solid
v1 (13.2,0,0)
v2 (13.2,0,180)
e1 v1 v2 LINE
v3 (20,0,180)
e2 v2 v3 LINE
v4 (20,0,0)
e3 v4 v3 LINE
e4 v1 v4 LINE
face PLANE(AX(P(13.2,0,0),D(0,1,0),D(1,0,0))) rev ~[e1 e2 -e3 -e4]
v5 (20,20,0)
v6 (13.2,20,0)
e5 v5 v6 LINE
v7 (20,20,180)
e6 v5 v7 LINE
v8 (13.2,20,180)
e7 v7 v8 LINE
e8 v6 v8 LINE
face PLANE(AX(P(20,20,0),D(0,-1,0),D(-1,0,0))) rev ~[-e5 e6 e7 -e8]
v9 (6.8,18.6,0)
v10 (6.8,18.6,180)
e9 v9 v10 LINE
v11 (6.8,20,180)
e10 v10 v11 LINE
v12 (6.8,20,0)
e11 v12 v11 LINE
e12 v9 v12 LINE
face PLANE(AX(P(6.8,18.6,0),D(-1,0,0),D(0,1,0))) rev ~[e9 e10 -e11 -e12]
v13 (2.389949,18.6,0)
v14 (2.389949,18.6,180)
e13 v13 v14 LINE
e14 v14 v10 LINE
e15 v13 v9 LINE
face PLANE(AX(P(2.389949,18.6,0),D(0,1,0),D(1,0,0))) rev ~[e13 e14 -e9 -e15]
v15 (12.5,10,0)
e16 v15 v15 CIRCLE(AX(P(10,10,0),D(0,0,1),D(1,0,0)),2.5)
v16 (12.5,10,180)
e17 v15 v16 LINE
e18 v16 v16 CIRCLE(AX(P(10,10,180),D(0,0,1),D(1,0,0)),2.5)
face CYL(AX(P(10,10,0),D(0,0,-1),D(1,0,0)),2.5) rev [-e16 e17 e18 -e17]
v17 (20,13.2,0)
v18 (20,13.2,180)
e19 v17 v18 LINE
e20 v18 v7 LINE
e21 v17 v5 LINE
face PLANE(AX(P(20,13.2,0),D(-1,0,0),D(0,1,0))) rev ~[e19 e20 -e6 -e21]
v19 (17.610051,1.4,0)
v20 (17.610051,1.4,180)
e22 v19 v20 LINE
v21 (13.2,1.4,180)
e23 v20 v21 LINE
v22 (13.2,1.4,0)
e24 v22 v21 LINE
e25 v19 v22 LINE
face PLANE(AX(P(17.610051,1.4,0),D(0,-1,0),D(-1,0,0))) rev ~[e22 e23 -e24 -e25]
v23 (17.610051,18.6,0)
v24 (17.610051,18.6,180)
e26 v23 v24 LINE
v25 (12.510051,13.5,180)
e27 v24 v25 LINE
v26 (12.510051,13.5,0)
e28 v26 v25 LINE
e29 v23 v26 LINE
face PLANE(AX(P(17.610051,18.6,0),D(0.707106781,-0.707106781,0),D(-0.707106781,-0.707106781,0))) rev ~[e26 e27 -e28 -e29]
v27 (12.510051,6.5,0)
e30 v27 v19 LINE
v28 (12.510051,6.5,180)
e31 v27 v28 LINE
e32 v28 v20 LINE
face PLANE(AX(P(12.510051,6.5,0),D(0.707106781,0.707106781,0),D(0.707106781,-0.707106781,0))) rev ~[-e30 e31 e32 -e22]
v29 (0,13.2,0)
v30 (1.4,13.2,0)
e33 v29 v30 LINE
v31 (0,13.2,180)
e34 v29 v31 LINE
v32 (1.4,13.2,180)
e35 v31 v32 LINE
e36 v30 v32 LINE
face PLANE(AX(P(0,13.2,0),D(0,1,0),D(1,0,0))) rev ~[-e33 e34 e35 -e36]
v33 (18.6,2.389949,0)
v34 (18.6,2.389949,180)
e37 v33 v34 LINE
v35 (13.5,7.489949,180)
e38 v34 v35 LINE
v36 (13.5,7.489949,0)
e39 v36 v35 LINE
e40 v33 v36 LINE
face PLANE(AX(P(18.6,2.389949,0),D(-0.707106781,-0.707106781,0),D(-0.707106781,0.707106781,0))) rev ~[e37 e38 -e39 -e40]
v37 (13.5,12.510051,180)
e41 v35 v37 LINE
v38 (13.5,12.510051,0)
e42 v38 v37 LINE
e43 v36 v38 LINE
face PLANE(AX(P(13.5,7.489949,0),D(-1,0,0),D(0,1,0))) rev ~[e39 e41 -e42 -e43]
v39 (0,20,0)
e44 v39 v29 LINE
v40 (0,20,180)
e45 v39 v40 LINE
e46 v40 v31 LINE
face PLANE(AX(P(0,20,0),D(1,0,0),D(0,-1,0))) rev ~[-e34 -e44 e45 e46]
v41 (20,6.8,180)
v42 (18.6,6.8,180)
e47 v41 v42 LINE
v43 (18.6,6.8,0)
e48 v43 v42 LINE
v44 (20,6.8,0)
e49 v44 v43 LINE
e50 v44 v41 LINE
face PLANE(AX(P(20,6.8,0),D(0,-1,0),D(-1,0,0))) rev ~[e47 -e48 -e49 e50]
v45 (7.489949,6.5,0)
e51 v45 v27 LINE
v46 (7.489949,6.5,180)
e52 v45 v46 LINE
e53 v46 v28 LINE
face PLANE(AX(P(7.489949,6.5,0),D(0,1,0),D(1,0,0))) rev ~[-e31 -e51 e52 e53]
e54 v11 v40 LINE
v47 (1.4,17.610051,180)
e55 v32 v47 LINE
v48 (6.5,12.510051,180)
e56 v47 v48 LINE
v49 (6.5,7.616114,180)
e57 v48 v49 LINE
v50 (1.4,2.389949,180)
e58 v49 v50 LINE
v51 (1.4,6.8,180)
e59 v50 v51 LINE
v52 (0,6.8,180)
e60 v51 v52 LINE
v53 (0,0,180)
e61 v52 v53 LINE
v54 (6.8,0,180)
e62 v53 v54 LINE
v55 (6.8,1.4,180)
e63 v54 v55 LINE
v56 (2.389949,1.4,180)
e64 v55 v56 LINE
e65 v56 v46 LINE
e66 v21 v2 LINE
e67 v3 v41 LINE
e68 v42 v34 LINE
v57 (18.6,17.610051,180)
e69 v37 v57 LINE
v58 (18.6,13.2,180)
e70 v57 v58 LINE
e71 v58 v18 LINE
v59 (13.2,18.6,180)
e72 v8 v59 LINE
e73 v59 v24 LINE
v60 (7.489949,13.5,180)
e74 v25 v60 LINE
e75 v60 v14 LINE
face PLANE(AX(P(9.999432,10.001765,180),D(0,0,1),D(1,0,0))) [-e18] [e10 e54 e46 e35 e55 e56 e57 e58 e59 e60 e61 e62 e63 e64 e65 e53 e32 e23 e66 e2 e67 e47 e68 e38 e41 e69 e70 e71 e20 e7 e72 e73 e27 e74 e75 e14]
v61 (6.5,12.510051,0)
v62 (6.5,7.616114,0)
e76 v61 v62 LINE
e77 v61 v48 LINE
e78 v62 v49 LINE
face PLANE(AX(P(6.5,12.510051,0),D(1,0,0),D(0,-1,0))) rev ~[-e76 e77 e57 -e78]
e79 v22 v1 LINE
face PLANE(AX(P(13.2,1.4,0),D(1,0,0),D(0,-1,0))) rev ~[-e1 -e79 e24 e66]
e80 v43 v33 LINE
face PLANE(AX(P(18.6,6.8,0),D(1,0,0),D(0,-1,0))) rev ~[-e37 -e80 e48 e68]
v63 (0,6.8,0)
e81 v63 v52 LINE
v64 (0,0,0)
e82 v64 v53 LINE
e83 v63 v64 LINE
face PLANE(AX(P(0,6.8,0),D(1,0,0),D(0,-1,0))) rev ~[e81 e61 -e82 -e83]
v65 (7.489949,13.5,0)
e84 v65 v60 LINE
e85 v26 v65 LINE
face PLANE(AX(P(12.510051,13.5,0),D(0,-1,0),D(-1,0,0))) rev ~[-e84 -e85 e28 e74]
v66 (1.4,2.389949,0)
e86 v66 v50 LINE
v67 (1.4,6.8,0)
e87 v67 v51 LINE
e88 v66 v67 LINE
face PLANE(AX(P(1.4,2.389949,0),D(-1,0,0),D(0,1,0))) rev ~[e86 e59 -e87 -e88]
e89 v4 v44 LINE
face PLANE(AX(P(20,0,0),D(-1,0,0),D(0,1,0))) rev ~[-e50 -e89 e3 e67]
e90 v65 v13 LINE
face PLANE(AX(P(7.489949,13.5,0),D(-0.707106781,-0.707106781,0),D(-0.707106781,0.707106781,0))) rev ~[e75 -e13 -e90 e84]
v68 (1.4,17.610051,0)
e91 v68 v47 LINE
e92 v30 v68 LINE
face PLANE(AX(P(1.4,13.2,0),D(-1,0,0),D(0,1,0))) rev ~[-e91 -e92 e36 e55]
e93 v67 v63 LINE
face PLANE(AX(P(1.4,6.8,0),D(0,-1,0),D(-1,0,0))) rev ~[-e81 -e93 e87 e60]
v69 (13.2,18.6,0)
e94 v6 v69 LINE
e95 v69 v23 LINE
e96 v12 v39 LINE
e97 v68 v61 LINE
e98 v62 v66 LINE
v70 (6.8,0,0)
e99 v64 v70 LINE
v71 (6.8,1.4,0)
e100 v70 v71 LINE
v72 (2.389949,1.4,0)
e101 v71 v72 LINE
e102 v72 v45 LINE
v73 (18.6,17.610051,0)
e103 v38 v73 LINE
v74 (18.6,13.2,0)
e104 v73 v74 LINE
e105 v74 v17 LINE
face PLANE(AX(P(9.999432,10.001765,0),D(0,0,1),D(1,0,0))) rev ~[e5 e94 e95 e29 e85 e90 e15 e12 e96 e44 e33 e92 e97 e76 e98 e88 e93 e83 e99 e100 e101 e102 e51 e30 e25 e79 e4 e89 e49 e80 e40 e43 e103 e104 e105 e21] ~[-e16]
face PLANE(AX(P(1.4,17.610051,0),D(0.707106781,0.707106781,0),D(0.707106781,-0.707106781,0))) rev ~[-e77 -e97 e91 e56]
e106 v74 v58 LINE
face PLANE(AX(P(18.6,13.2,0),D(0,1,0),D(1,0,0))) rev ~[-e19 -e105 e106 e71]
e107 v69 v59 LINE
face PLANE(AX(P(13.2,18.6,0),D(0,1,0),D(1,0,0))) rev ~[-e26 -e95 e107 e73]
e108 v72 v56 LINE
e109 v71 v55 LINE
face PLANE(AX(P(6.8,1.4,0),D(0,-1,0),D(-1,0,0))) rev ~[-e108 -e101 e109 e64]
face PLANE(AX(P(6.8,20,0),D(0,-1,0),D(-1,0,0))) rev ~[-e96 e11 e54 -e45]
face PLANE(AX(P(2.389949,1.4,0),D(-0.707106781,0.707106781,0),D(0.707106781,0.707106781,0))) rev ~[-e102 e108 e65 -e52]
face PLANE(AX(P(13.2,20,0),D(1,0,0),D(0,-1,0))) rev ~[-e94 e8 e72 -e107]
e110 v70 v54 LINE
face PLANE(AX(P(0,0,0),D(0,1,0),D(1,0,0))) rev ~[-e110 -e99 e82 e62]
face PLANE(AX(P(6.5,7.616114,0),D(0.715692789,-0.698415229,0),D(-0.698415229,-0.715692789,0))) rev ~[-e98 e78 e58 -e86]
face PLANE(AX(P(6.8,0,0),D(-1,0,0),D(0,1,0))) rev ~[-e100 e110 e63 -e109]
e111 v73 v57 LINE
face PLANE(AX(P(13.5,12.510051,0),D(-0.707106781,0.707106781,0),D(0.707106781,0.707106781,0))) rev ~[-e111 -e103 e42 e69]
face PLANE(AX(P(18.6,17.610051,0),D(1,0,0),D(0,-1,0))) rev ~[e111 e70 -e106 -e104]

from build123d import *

# Parameters (mm, degrees)
F0_R     = 2.5
F1_DEPTH = 180


with BuildPart() as f1:
    # F0 (on Top) → F1 (new body)
    with BuildSketch(Plane.XY):
        Polygon((6.5, 7.616114), (1.4, 2.389949), (1.4, 6.8), (0, 6.8), (0, 0), (6.8, 0), (6.8, 1.4), (2.389949, 1.4), (7.489949, 6.5), (12.510051, 6.5), (17.610051, 1.4), (13.2, 1.4), (13.2, 0), (20, 0), (20, 6.8), (18.6, 6.8), (18.6, 2.389949), (13.5, 7.489949), (13.5, 12.510051), (18.6, 17.610051), (18.6, 13.2), (20, 13.2), (20, 20), (13.2, 20), (13.2, 18.6), (17.610051, 18.6), (12.510051, 13.5), (7.489949, 13.5), (2.389949, 18.6), (6.8, 18.6), (6.8, 20), (0, 20), (0, 13.2), (1.4, 13.2), (1.4, 17.610051), (6.5, 12.510051), align=None)
        with Locations((10, 10)):
            Circle(F0_R, mode=Mode.SUBTRACT)
    extrude(amount=F1_DEPTH)


solid = f1.part
